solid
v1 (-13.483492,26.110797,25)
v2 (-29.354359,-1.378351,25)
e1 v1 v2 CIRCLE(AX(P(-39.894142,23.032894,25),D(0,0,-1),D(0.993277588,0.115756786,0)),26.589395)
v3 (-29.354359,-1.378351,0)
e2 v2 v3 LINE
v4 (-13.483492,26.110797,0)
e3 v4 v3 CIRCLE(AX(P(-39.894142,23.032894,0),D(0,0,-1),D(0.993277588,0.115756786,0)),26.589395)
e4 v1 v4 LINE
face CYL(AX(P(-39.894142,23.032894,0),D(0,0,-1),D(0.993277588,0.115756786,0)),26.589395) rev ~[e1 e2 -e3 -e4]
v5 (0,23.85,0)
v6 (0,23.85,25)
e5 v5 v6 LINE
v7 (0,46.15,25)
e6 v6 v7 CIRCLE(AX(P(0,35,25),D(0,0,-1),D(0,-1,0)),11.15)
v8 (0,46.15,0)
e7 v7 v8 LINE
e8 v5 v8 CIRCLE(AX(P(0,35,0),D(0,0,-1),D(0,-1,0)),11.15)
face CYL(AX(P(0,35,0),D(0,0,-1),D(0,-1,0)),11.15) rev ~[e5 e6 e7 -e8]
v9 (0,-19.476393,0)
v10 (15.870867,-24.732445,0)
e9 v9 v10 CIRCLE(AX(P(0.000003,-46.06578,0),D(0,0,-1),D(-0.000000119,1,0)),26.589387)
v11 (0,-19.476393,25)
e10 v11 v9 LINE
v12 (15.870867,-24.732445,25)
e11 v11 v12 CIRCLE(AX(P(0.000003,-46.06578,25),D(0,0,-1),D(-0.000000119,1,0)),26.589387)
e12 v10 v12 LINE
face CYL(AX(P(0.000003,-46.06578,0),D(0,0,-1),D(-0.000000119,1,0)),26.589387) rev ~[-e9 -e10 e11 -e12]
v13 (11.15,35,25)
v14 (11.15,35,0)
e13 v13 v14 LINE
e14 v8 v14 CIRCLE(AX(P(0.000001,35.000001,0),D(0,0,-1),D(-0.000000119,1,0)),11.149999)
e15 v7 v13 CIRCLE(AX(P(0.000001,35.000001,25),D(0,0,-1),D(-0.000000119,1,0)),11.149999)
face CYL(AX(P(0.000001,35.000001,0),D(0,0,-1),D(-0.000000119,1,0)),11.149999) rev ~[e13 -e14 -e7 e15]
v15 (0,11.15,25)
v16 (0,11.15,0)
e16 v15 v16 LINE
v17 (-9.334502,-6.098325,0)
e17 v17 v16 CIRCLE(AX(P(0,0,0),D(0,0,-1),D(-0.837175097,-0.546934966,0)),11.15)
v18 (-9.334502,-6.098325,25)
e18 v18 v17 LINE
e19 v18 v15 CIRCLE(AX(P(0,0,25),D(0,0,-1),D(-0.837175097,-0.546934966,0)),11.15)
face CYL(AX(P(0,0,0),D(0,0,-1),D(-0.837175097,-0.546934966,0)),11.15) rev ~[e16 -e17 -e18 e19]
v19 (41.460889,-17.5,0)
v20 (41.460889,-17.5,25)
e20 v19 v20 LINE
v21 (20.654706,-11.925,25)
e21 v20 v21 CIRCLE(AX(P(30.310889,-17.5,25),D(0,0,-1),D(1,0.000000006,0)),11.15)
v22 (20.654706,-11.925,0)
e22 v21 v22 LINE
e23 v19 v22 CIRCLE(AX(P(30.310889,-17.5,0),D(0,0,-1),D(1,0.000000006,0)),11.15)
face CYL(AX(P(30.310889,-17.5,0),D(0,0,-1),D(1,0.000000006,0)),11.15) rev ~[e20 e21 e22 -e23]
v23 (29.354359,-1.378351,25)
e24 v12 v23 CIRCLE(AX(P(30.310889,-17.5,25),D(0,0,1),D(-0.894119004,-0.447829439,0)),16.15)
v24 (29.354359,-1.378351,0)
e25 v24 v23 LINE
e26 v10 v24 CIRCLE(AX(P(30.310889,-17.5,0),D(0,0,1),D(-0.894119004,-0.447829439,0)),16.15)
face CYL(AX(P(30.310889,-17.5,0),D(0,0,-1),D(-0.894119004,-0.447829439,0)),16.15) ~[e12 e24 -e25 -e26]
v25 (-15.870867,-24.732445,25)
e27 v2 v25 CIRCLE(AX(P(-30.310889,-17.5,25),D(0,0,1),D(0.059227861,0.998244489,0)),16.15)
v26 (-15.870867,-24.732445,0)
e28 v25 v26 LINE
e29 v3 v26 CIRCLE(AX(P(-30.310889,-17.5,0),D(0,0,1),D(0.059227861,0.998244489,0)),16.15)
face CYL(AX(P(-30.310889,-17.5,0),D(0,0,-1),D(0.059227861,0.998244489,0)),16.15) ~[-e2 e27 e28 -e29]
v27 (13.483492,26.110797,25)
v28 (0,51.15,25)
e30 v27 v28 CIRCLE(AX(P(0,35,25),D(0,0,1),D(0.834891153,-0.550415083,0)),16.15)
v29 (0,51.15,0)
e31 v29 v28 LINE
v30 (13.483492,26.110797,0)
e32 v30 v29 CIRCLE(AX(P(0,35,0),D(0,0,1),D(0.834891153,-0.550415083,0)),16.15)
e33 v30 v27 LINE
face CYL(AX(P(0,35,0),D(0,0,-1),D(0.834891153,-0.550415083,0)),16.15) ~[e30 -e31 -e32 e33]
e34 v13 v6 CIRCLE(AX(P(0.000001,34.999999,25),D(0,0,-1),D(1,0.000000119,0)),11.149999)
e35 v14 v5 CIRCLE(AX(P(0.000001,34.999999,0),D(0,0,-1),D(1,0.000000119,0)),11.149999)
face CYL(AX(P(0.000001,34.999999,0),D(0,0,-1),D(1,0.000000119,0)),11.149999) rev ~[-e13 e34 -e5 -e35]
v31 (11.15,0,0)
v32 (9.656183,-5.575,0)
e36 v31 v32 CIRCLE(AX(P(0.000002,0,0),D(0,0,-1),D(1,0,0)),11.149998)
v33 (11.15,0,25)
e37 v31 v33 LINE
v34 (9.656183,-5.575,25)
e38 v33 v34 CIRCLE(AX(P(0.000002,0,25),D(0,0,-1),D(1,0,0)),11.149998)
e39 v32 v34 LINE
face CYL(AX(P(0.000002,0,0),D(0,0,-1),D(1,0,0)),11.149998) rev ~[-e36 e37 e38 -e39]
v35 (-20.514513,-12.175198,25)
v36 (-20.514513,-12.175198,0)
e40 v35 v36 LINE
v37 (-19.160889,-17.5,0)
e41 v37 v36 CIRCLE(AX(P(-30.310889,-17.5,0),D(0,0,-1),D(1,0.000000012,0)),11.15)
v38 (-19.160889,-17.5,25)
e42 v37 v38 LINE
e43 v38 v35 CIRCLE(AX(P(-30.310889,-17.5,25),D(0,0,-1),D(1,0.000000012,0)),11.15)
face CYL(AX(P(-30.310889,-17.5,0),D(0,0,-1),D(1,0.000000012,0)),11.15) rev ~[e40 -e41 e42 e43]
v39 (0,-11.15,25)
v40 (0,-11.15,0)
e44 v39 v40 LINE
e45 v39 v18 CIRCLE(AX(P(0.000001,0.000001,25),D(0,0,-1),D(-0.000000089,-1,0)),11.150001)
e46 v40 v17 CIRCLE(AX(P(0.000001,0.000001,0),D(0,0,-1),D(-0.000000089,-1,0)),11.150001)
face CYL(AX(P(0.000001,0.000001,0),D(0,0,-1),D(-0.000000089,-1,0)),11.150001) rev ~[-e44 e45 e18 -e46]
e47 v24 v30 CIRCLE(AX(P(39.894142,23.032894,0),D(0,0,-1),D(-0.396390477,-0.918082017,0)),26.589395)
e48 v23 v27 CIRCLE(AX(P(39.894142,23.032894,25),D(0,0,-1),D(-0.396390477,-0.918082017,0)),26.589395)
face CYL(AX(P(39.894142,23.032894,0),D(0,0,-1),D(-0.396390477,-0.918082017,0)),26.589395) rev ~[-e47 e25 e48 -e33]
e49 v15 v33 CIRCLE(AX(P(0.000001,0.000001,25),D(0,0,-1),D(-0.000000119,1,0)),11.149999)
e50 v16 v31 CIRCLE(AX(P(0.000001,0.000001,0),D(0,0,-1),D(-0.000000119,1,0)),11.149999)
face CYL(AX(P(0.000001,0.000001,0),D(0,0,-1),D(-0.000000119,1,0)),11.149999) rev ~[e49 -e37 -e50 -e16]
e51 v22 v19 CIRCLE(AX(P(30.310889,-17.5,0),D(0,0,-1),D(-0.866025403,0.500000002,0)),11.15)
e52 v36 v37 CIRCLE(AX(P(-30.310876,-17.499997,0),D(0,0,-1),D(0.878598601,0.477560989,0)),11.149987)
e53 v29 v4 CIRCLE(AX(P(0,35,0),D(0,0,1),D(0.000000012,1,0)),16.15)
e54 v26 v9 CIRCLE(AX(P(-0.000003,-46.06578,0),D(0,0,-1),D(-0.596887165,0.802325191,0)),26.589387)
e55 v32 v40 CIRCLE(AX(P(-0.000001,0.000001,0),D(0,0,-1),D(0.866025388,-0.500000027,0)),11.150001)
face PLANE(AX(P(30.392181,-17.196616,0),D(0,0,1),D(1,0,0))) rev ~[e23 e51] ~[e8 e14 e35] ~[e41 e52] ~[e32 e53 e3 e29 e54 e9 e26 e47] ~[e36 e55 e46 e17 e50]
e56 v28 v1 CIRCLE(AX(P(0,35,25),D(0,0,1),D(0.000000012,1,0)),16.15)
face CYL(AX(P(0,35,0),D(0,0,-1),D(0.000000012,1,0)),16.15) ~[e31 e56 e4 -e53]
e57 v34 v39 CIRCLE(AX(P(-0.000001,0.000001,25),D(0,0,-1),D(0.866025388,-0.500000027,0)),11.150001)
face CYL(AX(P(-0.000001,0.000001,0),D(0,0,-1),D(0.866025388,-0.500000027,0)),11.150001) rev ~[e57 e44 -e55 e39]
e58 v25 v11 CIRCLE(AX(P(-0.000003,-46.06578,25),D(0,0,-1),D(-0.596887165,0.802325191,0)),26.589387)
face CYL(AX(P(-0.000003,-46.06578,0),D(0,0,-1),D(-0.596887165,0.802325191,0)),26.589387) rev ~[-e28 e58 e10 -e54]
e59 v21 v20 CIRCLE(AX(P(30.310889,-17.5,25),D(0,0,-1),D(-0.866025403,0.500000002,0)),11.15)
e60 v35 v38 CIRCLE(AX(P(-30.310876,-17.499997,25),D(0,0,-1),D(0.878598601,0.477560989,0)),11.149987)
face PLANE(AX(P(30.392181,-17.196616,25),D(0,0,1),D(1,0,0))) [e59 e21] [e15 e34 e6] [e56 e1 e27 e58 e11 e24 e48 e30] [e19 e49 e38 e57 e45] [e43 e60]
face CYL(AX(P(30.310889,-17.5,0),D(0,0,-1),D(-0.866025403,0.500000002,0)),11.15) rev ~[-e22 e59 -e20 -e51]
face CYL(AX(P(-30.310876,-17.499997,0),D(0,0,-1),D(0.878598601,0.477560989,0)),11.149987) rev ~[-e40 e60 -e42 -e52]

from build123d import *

# Parameters (mm, degrees)
F1_DEPTH = 7
F2_DEPTH = 25


with BuildPart() as f1:
    # F0 (on Top) → F1 (new body)
    with BuildSketch(Plane.XY):
        with BuildLine():
            ThreePointArc((41.460889, -17.5), (33.196721, -6.729927), (20.654706, -11.925))
            ThreePointArc((20.654706, -11.925), (27.425057, -28.270073), (41.460889, -17.5))
        make_face()
        with BuildLine():
            ThreePointArc((0, 11.15), (7.884241, 7.884241), (11.15, 0))
            ThreePointArc((11.15, 0), (10.770073, -2.885832), (9.656183, -5.575))
            ThreePointArc((9.656183, -5.575), (5.575, -9.656183), (0, -11.15))
            Line((0, -11.15), (0, -19.476393))
            ThreePointArc((0, -19.476393), (8.359284, -20.824585), (15.870867, -24.732445))
            ThreePointArc((15.870867, -24.732445), (44.297199, -25.575), (29.354359, -1.378351))
            ThreePointArc((29.354359, -1.378351), (16.867051, 9.738196), (13.483492, 26.110797))
            ThreePointArc((13.483492, 26.110797), (14.219408, 42.657084), (0, 51.15))
            Line((0, 51.15), (0, 46.15))
            ThreePointArc((0, 46.15), (7.884241, 42.884241), (11.15, 35))
            ThreePointArc((11.15, 35), (7.884241, 27.115759), (0, 23.85))
            Line((0, 23.85), (0, 11.15))
        make_face()
        with BuildLine():
            ThreePointArc((41.460889, -17.5), (27.425057, -28.270073), (20.654706, -11.925))
            ThreePointArc((20.654706, -11.925), (33.196721, -6.729927), (41.460889, -17.5))
        make_face(mode=Mode.SUBTRACT)
        with BuildLine():
            ThreePointArc((-19.160889, -17.5), (-19.504592, -14.752919), (-20.514513, -12.175198))
            ThreePointArc((-20.514513, -12.175198), (-41.117186, -20.247081), (-19.160889, -17.5))
        make_face()
        with BuildLine():
            ThreePointArc((-9.334502, -6.098325), (-9.80609, 5.306891), (0, 11.15))
            Line((0, 11.15), (0, 23.85))
            ThreePointArc((0, 23.85), (-11.15, 35), (0, 46.15))
            Line((0, 46.15), (0, 51.15))
            ThreePointArc((0, 51.15), (-14.219408, 42.657084), (-13.483492, 26.110797))
            ThreePointArc((-13.483492, 26.110797), (-16.867051, 9.738196), (-29.354359, -1.378351))
            ThreePointArc((-29.354359, -1.378351), (-44.297199, -25.575), (-15.870867, -24.732445))
            ThreePointArc((-15.870867, -24.732445), (-8.359284, -20.824585), (0, -19.476393))
            Line((0, -19.476393), (0, -11.15))
            ThreePointArc((0, -11.15), (-5.306891, -9.80609), (-9.334502, -6.098325))
        make_face()
        with BuildLine():
            ThreePointArc((-19.160889, -17.5), (-41.117186, -20.247081), (-20.514513, -12.175198))
            ThreePointArc((-20.514513, -12.175198), (-19.504592, -14.752919), (-19.160889, -17.5))
        make_face(mode=Mode.SUBTRACT)
    extrude(amount=F1_DEPTH)

    # F0 (on Top) → F2 (join)
    with BuildSketch(Plane.XY):
        with BuildLine():
            ThreePointArc((41.460889, -17.5), (33.196721, -6.729927), (20.654706, -11.925))
            ThreePointArc((20.654706, -11.925), (27.425057, -28.270073), (41.460889, -17.5))
        make_face()
        with BuildLine():
            ThreePointArc((0, 11.15), (7.884241, 7.884241), (11.15, 0))
            ThreePointArc((11.15, 0), (10.770073, -2.885832), (9.656183, -5.575))
            ThreePointArc((9.656183, -5.575), (5.575, -9.656183), (0, -11.15))
            Line((0, -11.15), (0, -19.476393))
            ThreePointArc((0, -19.476393), (8.359284, -20.824585), (15.870867, -24.732445))
            ThreePointArc((15.870867, -24.732445), (44.297199, -25.575), (29.354359, -1.378351))
            ThreePointArc((29.354359, -1.378351), (16.867051, 9.738196), (13.483492, 26.110797))
            ThreePointArc((13.483492, 26.110797), (14.219408, 42.657084), (0, 51.15))
            Line((0, 51.15), (0, 46.15))
            ThreePointArc((0, 46.15), (7.884241, 42.884241), (11.15, 35))
            ThreePointArc((11.15, 35), (7.884241, 27.115759), (0, 23.85))
            Line((0, 23.85), (0, 11.15))
        make_face()
        with BuildLine():
            ThreePointArc((41.460889, -17.5), (27.425057, -28.270073), (20.654706, -11.925))
            ThreePointArc((20.654706, -11.925), (33.196721, -6.729927), (41.460889, -17.5))
        make_face(mode=Mode.SUBTRACT)
        with BuildLine():
            ThreePointArc((-19.160889, -17.5), (-19.504592, -14.752919), (-20.514513, -12.175198))
            ThreePointArc((-20.514513, -12.175198), (-41.117186, -20.247081), (-19.160889, -17.5))
        make_face()
        with BuildLine():
            ThreePointArc((-9.334502, -6.098325), (-9.80609, 5.306891), (0, 11.15))
            Line((0, 11.15), (0, 23.85))
            ThreePointArc((0, 23.85), (-11.15, 35), (0, 46.15))
            Line((0, 46.15), (0, 51.15))
            ThreePointArc((0, 51.15), (-14.219408, 42.657084), (-13.483492, 26.110797))
            ThreePointArc((-13.483492, 26.110797), (-16.867051, 9.738196), (-29.354359, -1.378351))
            ThreePointArc((-29.354359, -1.378351), (-44.297199, -25.575), (-15.870867, -24.732445))
            ThreePointArc((-15.870867, -24.732445), (-8.359284, -20.824585), (0, -19.476393))
            Line((0, -19.476393), (0, -11.15))
            ThreePointArc((0, -11.15), (-5.306891, -9.80609), (-9.334502, -6.098325))
        make_face()
        with BuildLine():
            ThreePointArc((-19.160889, -17.5), (-41.117186, -20.247081), (-20.514513, -12.175198))
            ThreePointArc((-20.514513, -12.175198), (-19.504592, -14.752919), (-19.160889, -17.5))
        make_face(mode=Mode.SUBTRACT)
    extrude(amount=F2_DEPTH)


solid = f1.part
